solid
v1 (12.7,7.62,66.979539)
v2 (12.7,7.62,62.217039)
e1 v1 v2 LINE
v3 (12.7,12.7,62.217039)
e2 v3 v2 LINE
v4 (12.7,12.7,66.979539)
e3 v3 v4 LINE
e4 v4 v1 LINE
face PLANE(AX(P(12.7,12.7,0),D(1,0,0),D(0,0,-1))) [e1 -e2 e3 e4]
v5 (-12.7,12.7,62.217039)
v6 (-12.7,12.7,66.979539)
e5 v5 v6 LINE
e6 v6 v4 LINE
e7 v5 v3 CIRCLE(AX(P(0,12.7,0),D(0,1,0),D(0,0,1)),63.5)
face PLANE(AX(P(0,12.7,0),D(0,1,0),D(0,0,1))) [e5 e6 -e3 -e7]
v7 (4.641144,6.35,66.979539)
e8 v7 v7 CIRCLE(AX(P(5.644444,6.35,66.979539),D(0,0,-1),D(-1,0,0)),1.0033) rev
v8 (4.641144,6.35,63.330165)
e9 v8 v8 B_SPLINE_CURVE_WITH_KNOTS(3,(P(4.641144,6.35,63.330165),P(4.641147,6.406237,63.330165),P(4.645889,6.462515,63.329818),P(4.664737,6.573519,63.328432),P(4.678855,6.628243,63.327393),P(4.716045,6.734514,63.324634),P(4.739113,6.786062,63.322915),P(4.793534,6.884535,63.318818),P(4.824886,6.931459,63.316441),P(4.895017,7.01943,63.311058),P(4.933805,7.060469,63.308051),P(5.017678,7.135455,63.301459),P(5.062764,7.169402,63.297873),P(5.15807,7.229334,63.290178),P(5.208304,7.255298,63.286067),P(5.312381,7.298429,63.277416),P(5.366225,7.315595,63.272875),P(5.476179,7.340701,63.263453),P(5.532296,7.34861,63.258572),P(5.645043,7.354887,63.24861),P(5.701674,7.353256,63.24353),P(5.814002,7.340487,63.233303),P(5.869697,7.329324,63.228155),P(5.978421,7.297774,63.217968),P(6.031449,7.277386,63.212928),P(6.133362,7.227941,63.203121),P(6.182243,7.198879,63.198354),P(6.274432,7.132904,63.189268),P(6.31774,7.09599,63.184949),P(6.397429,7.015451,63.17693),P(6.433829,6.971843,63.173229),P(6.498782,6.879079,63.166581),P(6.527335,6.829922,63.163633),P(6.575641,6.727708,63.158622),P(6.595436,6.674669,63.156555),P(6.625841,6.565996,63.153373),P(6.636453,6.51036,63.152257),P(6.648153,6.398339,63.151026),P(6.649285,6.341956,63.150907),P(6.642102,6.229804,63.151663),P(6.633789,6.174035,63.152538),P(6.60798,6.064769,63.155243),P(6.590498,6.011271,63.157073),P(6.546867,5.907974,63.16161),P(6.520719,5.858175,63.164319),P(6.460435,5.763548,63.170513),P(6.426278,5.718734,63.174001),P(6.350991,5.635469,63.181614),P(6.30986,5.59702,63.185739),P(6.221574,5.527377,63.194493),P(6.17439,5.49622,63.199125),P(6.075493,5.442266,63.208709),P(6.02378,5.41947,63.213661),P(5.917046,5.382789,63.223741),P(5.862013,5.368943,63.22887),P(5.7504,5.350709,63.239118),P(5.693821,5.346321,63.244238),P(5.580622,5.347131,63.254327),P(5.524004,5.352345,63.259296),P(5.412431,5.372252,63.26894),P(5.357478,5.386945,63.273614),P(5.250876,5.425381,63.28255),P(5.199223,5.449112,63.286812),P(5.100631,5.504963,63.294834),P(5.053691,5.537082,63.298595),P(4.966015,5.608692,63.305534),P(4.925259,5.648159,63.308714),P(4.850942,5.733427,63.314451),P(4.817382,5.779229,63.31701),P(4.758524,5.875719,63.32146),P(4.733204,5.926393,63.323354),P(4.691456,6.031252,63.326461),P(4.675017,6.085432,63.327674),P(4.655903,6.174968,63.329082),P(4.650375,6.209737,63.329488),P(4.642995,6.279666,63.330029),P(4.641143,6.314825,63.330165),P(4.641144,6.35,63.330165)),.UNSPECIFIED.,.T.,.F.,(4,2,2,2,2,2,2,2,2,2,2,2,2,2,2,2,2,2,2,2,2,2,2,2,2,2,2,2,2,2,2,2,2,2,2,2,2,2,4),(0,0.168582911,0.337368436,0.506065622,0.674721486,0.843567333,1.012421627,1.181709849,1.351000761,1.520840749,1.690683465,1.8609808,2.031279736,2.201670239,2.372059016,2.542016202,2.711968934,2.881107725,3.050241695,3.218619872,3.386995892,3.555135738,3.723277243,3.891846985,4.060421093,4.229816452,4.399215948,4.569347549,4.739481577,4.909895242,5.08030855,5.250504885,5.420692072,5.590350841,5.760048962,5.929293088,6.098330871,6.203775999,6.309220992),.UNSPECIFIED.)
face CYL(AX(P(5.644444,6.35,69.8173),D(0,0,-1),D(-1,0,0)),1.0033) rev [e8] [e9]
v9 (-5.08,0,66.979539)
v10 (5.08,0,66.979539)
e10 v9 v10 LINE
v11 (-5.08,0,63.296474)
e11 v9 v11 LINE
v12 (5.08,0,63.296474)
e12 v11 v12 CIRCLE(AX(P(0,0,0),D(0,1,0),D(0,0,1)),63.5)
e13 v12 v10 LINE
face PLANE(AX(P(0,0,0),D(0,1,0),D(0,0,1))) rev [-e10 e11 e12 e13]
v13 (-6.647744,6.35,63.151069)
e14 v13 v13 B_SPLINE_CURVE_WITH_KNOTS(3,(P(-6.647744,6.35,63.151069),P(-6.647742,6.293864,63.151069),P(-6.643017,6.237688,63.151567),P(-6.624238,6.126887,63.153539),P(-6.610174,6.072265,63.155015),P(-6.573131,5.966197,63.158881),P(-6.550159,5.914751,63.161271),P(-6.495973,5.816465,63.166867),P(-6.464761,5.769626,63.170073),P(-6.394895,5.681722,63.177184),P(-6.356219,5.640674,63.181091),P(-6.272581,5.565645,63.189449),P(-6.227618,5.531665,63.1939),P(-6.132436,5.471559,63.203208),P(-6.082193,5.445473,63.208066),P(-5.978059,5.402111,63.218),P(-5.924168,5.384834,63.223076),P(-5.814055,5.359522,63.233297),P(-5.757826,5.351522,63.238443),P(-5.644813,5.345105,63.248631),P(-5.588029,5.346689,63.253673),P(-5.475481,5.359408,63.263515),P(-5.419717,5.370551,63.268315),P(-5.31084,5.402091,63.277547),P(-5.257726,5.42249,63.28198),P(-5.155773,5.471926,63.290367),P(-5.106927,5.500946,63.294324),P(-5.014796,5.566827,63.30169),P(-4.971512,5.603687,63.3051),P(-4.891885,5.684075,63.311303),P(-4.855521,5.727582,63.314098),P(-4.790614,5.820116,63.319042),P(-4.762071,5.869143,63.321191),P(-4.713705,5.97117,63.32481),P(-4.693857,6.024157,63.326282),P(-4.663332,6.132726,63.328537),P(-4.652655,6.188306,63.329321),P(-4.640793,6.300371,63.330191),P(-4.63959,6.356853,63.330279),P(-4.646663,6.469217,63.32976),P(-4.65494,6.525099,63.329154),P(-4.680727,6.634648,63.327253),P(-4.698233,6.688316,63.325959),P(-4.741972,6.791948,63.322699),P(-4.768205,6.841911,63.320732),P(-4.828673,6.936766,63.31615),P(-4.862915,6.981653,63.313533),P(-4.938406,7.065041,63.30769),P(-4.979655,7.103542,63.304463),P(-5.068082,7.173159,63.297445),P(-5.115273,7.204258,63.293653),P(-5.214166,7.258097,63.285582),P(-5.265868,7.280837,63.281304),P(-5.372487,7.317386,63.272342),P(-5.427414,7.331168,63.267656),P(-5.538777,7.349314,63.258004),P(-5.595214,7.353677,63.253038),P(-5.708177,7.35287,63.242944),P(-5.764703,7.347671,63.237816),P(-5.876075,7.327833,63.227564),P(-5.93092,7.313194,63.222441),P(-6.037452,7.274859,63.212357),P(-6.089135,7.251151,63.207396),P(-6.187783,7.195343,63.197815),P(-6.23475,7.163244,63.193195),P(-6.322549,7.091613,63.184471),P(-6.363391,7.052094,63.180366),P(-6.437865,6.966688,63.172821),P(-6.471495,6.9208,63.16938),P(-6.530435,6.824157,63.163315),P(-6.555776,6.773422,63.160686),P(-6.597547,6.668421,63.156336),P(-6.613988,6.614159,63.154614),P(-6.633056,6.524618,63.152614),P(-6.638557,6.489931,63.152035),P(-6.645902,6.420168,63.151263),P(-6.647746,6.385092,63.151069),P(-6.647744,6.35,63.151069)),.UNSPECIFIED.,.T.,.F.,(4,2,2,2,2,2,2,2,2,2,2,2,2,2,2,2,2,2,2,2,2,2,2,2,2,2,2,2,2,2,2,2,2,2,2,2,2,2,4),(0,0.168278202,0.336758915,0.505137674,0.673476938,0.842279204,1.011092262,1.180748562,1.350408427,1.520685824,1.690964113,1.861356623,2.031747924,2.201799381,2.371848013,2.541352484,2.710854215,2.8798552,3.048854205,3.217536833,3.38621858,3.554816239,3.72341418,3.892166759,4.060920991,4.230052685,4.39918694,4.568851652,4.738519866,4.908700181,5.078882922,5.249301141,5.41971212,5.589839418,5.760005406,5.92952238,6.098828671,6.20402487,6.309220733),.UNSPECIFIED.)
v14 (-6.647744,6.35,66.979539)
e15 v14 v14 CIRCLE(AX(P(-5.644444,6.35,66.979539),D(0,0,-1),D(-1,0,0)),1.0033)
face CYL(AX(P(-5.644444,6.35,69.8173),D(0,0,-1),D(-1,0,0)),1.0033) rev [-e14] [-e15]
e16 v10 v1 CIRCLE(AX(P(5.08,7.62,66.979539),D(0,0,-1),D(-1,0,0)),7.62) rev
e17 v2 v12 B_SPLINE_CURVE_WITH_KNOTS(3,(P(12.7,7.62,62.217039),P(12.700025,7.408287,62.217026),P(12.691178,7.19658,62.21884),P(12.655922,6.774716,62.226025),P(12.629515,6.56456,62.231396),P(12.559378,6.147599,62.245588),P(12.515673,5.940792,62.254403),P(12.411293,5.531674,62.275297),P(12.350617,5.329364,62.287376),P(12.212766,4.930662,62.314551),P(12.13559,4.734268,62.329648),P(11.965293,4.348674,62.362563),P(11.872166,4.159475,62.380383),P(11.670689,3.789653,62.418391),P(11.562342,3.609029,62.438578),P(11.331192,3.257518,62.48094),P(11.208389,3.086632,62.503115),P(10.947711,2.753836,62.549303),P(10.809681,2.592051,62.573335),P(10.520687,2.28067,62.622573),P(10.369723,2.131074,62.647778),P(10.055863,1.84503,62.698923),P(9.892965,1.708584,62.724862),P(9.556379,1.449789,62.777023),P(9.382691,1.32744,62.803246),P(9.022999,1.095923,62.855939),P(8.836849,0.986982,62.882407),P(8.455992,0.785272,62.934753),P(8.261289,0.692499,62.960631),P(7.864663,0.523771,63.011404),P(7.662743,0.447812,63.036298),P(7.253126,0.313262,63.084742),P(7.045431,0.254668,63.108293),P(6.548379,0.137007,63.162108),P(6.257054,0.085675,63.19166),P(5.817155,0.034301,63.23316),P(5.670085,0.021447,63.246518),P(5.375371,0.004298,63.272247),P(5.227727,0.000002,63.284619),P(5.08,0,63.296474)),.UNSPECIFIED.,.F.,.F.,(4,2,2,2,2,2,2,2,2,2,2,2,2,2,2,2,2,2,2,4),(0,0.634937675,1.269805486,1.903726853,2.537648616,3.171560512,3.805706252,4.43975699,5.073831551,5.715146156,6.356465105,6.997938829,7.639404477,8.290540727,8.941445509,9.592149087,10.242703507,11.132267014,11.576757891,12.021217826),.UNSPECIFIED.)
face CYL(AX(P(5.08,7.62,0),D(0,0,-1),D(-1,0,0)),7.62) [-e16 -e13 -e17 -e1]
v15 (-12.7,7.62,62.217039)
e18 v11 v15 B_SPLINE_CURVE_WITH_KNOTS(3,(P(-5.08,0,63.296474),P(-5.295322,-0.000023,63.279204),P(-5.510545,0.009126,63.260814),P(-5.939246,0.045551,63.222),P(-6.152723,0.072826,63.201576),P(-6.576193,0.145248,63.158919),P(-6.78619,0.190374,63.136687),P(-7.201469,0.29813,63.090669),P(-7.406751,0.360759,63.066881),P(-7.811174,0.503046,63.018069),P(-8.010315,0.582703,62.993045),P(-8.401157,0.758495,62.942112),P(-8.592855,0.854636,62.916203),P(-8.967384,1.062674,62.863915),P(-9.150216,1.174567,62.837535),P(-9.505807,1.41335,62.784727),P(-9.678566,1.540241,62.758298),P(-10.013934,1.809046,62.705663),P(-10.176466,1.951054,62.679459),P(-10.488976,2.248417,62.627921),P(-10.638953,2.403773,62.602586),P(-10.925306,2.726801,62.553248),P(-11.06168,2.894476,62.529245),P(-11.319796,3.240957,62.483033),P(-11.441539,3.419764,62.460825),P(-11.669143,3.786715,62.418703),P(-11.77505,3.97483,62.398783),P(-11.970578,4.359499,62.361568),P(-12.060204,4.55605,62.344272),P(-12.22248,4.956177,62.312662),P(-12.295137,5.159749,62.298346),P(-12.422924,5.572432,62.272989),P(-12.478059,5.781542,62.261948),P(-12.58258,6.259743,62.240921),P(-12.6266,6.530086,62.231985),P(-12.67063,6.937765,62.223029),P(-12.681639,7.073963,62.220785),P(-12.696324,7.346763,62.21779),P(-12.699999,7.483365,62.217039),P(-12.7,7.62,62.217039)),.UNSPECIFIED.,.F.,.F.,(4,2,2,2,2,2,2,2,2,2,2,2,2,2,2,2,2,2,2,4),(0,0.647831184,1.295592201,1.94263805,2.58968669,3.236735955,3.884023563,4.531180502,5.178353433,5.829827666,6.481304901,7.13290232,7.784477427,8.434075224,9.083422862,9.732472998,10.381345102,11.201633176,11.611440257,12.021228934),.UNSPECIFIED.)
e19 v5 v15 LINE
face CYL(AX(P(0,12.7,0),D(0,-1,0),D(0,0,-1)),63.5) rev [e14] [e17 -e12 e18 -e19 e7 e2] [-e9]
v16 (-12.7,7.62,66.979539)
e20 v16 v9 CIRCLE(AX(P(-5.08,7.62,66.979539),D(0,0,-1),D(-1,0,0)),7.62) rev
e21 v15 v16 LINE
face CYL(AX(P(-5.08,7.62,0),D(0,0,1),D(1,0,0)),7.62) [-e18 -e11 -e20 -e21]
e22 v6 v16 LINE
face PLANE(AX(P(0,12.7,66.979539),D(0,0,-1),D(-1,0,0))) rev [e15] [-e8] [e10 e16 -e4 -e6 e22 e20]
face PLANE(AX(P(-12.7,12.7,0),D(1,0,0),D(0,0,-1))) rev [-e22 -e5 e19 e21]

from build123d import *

# Parameters (mm, degrees)
BOSS_EXTRUDE1_DEPTH = 12.7
SKETCH2_R           = 1.0033
CUT_EXTRUDE1_DEPTH  = 66.979539467
FILLET1_R           = 7.62


with BuildPart() as part:
    # Sketch1 → Boss-Extrude1 (new body)
    with BuildSketch(Plane(origin=(0, 0, 0), x_dir=(1, 0, 0), z_dir=(0, 1, 0))):
        with BuildLine():
            ThreePointArc((12.7, -62.217039467), (0, -63.5), (-12.7, -62.217039467))
            Line((-12.7, -62.217039467), (-12.7, -66.979539467))
            Line((-12.7, -66.979539467), (12.7, -66.979539467))
            Line((12.7, -66.979539467), (12.7, -62.217039467))
        make_face()
    extrude(amount=BOSS_EXTRUDE1_DEPTH)

    # Sketch2 → Cut-Extrude1 (cut)
    with BuildSketch(Plane.XY):
        with Locations(Location((-5.644444444, 6.35, 0), (0, 0, 180))):
            Circle(SKETCH2_R)
    cut_extrude1 = extrude(amount=CUT_EXTRUDE1_DEPTH, mode=Mode.SUBTRACT)

    # Mirror1: Cut-Extrude1 across plane
    add(cut_extrude1.mirror(Plane(origin=(0, 0, 0), x_dir=(0, 0, 1), z_dir=(1, 0, 0))), mode=Mode.SUBTRACT)

    # Fillet1
    fillet1_edges = [part.edges().sort_by_distance(p)[0] for p in [
        (12.7, 0, 64.598289467),
        (-12.7, 0, 64.598289467),
    ]]
    fillet(fillet1_edges, radius=FILLET1_R)


solid = part.part
